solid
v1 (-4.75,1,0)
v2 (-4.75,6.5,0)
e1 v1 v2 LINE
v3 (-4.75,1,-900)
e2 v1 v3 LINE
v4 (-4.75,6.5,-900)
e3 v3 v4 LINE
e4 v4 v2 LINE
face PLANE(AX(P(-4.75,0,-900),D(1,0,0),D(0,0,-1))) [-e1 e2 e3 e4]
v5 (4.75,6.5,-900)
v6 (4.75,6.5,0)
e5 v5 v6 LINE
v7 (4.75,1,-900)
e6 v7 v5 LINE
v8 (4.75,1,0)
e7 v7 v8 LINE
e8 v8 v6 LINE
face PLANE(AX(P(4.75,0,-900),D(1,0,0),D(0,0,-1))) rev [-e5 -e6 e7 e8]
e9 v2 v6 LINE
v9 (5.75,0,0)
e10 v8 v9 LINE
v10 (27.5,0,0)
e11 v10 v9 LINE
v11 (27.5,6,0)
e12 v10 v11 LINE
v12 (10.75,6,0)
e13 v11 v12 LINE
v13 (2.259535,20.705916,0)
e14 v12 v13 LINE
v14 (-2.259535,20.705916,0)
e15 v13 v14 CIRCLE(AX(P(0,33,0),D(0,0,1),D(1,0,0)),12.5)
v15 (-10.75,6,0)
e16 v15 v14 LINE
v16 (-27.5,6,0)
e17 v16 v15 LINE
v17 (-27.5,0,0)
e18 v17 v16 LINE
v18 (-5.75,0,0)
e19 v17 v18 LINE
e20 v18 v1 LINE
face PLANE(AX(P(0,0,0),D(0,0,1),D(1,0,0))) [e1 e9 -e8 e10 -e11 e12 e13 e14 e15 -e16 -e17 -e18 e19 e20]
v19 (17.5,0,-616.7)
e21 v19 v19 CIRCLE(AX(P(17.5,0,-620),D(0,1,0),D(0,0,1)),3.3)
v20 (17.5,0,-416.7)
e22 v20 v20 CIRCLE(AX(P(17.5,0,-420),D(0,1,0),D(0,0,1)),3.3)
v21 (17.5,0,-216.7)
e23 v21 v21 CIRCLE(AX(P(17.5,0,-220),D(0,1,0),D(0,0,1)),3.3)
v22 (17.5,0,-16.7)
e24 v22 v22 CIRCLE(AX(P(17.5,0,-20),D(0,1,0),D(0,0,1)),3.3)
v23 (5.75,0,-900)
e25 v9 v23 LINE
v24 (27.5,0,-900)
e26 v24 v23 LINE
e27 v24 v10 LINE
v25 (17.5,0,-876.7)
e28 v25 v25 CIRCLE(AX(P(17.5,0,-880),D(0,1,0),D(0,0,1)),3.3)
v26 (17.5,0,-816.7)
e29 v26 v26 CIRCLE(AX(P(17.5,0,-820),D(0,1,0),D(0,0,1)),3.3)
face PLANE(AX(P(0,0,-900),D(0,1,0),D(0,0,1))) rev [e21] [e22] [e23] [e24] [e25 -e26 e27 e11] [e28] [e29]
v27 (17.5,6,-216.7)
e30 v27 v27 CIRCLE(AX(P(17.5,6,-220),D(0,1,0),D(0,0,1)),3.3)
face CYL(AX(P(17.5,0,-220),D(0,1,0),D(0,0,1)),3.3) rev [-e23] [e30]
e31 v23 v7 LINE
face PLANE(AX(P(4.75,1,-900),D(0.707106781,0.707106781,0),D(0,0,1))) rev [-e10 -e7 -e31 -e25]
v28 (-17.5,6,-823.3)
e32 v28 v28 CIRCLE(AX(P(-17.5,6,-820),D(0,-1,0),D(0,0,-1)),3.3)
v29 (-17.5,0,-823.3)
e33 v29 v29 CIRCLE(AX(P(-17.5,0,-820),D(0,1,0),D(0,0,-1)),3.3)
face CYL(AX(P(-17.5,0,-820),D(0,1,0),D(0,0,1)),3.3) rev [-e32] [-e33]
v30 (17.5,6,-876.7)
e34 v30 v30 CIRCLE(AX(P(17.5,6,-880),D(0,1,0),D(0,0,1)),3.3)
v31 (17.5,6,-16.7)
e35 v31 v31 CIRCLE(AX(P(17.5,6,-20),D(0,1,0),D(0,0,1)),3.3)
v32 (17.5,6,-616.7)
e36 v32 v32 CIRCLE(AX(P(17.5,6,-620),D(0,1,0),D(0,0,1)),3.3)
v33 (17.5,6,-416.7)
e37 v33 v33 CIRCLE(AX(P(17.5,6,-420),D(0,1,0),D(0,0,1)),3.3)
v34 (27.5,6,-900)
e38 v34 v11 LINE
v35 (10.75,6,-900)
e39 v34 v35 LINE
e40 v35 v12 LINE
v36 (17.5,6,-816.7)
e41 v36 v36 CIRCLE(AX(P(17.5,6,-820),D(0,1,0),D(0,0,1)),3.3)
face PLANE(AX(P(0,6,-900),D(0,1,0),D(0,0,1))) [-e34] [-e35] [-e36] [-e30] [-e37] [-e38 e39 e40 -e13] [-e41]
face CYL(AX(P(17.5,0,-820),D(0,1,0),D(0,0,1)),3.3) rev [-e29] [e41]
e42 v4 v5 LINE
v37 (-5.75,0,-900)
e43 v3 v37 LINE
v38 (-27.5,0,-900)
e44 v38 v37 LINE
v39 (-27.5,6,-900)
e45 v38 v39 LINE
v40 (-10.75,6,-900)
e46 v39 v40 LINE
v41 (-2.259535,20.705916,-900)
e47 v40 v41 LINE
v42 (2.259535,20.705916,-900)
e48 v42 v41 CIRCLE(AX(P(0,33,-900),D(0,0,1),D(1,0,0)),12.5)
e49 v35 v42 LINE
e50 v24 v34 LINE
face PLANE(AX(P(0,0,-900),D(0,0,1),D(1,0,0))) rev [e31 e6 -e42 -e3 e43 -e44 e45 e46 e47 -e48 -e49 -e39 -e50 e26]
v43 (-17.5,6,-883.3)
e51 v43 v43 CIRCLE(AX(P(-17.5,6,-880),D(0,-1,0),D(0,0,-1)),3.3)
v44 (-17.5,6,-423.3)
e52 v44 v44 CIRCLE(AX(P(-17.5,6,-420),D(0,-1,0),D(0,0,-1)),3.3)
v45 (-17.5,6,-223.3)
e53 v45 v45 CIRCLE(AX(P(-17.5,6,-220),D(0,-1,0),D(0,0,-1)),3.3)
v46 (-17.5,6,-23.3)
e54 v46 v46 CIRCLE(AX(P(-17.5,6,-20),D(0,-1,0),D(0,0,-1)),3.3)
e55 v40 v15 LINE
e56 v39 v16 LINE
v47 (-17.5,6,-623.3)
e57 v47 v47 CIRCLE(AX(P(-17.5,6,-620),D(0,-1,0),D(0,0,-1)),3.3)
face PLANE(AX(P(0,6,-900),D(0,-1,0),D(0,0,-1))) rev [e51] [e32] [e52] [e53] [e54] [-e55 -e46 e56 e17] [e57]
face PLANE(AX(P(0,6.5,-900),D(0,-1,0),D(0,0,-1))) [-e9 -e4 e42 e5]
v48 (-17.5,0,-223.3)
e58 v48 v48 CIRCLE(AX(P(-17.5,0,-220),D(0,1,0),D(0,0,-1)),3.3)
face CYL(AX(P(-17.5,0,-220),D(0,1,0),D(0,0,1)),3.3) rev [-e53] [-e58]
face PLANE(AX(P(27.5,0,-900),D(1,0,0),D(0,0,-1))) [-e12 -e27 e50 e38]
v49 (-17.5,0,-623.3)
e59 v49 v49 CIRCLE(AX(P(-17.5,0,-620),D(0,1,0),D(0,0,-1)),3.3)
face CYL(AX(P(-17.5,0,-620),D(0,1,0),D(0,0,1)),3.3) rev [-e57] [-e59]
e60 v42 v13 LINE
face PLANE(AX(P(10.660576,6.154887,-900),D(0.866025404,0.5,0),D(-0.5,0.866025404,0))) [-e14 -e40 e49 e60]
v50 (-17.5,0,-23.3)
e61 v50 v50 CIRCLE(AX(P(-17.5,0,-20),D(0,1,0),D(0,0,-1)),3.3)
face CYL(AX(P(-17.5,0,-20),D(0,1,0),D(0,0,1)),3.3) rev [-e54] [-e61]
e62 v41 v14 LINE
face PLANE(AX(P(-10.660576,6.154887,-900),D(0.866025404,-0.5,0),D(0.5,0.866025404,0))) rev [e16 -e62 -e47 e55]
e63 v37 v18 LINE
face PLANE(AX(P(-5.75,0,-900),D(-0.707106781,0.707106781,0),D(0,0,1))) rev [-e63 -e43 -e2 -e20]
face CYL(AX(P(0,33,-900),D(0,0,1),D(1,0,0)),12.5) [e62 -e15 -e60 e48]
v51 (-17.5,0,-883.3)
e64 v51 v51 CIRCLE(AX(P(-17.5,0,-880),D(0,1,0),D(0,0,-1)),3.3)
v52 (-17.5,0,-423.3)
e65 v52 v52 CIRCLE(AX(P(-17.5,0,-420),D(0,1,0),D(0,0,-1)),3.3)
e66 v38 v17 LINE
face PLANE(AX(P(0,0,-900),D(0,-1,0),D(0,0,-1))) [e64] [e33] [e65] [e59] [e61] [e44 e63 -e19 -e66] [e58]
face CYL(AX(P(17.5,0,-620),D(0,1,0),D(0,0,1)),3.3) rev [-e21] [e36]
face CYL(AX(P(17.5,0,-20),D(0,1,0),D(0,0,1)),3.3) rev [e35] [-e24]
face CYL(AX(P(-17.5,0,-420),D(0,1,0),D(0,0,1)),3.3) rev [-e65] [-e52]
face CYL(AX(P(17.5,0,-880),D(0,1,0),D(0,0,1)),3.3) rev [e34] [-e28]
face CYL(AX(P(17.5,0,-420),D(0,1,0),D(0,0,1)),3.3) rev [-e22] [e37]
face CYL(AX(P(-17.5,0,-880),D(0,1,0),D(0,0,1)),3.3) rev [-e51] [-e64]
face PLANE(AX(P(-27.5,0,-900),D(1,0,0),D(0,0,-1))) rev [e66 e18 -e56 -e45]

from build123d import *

# Parameters (mm, degrees)
SKETCH1_R               = 12.5
BOSS_EXTRUDE1_DEPTH     = 900
CHAMFER1_SIZE           = 1
SKETCH2_R               = 3.3
CUT_EXTRUDE1_DEPTH      = 40.5
CUT_EXTRUDE1_DEPTH_BACK = 7


with BuildPart() as part:
    # Sketch1 → Boss-Extrude1 (new body)
    with BuildSketch(Plane.XY):
        with Locations((0, 33)):
            Circle(SKETCH1_R)
        Polygon((-27.5, 0), (-4.75, 0), (-4.75, 6.5), (4.75, 6.5), (4.75, 0), (27.5, 0), (27.5, 6), (10.75, 6), (2.089745962, 21), (-2.089745962, 21), (-10.75, 6), (-27.5, 6), align=None)
    extrude(amount=-BOSS_EXTRUDE1_DEPTH)

    # Chamfer1
    chamfer1_edges = [part.edges().sort_by_distance(p)[0] for p in [
        (4.75, 0, -450),
        (-4.75, 0, -450),
    ]]
    chamfer(chamfer1_edges, length=CHAMFER1_SIZE)

    # Sketch2 → Cut-Extrude1 (cut, two sides)
    with BuildSketch(Plane(origin=(0, 6, 0), x_dir=(1, 0, 0), z_dir=(0, 1, 0))) as cut_extrude1_sk:
        with Locations((17.5, 20)):
            Circle(SKETCH2_R)
        with Locations((-17.5, 20)):
            Circle(SKETCH2_R)
        with Locations((-17.5, 220)):
            Circle(SKETCH2_R)
        with Locations((17.5, 220)):
            Circle(SKETCH2_R)
        with Locations((-17.5, 420)):
            Circle(SKETCH2_R)
        with Locations((17.5, 420)):
            Circle(SKETCH2_R)
        with Locations((-17.5, 620)):
            Circle(SKETCH2_R)
        with Locations((17.5, 620)):
            Circle(SKETCH2_R)
        with Locations((-17.5, 820)):
            Circle(SKETCH2_R)
        with Locations((17.5, 820)):
            Circle(SKETCH2_R)
        with Locations((-17.5, 1020)):
            Circle(SKETCH2_R)
        with Locations((17.5, 1020)):
            Circle(SKETCH2_R)
        with Locations((-17.5, 1220)):
            Circle(SKETCH2_R)
        with Locations((17.5, 1220)):
            Circle(SKETCH2_R)
        with Locations((-17.5, 1420)):
            Circle(SKETCH2_R)
        with Locations((17.5, 1420)):
            Circle(SKETCH2_R)
        with Locations((-17.5, 1620)):
            Circle(SKETCH2_R)
        with Locations((17.5, 1620)):
            Circle(SKETCH2_R)
        with Locations((17.5, 880)):
            Circle(SKETCH2_R)
        with Locations((-17.5, 880)):
            Circle(SKETCH2_R)
    extrude(amount=CUT_EXTRUDE1_DEPTH, mode=Mode.SUBTRACT)
    extrude(cut_extrude1_sk.sketch, amount=-CUT_EXTRUDE1_DEPTH_BACK, mode=Mode.SUBTRACT)


solid = part.part
